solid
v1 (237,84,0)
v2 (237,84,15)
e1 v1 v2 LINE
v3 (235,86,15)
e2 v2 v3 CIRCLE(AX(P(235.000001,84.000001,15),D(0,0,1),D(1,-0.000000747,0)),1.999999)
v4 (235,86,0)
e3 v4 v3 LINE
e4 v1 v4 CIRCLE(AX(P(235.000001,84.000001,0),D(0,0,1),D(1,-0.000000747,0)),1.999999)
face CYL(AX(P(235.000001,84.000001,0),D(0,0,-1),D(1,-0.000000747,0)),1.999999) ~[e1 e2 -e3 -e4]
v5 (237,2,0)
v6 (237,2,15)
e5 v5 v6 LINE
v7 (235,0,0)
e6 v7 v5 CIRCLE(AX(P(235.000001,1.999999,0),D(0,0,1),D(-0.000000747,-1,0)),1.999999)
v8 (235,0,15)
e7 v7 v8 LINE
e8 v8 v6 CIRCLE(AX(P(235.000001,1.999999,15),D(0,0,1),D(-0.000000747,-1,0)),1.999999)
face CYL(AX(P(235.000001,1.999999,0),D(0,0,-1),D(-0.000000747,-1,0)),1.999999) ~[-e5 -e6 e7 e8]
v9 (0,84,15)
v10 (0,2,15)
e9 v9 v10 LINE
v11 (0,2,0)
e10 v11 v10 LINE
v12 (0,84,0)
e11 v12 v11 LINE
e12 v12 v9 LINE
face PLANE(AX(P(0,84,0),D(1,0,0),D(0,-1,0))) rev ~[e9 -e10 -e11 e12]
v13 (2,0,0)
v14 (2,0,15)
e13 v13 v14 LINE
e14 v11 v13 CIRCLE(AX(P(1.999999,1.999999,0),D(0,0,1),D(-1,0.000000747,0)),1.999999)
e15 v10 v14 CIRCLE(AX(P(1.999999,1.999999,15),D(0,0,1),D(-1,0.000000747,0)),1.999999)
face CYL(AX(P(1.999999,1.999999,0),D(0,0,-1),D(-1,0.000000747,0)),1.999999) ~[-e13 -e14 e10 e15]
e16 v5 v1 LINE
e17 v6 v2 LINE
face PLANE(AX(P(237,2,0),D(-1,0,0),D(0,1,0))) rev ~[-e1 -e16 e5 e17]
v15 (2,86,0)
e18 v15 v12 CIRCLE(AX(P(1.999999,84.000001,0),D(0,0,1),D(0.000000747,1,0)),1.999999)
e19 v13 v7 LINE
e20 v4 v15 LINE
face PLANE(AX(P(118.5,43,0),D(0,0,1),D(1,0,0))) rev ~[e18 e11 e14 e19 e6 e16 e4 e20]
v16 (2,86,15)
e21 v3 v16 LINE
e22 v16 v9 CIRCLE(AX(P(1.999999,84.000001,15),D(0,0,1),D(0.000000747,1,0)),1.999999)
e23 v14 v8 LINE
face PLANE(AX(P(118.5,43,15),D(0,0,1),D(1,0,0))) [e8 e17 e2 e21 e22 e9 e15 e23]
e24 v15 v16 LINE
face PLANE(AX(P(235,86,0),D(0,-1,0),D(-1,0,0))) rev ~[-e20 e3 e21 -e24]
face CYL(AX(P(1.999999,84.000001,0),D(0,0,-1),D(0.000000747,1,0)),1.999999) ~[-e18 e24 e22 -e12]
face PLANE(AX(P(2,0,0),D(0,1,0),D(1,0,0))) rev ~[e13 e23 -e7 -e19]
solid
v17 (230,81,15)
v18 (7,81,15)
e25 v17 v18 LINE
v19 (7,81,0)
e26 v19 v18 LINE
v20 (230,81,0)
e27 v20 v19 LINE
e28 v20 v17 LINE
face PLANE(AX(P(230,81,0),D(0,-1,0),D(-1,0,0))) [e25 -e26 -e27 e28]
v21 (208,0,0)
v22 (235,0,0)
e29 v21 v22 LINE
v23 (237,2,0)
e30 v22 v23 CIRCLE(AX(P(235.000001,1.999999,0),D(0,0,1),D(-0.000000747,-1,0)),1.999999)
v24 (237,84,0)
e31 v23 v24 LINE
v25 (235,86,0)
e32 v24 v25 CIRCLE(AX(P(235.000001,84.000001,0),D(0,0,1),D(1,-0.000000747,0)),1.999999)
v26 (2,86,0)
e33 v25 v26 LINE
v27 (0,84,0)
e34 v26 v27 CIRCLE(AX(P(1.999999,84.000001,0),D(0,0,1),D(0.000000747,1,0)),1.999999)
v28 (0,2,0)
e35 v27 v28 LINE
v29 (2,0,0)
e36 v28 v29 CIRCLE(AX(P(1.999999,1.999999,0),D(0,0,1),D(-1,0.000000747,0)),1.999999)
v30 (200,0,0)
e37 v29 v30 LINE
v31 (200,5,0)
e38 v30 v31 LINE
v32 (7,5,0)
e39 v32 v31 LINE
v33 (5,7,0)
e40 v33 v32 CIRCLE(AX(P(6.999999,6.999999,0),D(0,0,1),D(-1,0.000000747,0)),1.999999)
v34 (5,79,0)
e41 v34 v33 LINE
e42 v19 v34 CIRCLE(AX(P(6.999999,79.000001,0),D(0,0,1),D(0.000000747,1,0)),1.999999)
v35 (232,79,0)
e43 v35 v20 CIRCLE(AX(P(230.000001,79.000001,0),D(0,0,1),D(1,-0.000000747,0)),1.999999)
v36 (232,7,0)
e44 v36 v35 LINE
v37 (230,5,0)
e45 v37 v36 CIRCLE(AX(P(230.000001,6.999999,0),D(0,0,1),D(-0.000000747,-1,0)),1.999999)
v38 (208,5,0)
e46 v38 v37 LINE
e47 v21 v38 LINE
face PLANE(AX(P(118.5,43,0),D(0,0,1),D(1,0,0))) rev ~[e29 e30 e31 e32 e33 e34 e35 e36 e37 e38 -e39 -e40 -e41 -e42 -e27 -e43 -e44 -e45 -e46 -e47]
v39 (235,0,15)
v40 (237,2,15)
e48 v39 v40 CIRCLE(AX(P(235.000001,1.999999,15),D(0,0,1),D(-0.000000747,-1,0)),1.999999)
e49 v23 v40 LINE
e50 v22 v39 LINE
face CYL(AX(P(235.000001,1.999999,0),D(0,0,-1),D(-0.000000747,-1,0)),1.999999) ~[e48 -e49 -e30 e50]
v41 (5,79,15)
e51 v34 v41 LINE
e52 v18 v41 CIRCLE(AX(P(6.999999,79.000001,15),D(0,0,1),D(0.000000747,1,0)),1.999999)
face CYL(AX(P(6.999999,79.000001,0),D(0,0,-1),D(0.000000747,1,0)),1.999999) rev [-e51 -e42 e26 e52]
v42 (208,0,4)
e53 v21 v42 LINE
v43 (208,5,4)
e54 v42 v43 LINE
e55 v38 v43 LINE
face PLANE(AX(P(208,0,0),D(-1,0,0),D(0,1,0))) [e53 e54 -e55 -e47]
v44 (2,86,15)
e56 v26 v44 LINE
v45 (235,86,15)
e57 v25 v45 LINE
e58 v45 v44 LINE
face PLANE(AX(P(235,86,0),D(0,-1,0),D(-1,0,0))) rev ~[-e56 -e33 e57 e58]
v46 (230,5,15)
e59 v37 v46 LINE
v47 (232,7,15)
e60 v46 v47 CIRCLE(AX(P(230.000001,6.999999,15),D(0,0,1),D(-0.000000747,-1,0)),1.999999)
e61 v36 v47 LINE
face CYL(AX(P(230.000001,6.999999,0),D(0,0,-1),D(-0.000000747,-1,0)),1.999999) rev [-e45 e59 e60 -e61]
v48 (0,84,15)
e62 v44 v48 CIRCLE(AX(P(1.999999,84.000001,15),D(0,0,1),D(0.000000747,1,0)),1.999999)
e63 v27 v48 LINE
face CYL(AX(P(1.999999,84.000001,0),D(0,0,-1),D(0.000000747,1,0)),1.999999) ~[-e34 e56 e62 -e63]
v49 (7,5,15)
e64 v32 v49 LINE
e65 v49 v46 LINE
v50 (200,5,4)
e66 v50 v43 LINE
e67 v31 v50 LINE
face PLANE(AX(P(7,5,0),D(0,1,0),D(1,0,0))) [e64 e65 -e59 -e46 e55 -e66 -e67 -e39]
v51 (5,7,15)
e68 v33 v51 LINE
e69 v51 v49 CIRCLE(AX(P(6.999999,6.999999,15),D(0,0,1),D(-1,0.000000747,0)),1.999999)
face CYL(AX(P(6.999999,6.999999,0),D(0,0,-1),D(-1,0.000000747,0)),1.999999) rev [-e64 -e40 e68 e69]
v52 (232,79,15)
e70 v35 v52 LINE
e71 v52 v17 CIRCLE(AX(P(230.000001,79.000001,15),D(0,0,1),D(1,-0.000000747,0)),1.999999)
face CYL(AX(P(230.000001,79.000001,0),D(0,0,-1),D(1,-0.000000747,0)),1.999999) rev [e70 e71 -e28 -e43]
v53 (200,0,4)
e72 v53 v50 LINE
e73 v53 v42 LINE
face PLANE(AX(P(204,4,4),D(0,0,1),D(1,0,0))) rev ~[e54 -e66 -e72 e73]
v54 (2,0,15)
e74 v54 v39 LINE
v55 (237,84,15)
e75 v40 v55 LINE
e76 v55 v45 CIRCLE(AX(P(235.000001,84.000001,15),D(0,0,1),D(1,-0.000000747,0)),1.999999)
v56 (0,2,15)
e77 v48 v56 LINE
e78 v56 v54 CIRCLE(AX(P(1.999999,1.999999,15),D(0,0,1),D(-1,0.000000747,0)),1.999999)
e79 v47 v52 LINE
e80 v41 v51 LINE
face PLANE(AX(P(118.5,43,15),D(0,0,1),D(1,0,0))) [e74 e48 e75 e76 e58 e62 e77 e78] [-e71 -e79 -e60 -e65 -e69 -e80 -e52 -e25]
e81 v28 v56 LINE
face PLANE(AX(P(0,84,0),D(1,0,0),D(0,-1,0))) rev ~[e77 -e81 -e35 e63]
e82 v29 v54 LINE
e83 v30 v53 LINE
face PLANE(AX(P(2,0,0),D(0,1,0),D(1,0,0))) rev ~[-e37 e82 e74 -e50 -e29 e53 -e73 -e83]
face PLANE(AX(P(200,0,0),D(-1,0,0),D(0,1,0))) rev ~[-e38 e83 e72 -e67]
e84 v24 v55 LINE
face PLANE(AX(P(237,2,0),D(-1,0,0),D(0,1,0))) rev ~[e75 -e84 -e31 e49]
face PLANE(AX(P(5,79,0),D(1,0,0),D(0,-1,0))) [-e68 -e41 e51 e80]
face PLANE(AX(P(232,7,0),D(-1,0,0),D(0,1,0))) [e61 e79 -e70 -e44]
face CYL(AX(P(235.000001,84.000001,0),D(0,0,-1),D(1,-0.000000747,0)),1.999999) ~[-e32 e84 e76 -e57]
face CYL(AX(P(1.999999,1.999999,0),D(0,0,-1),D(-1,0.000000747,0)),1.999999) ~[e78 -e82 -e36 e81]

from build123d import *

# Parameters (mm, degrees)
EXTRUDE002_DEPTH = 15
BOX_W            = 8
BOX_H            = 8
BOX_DEPTH        = 4
EXTRUDE_DEPTH    = 15
EXTRUDE001_DEPTH = 15


with BuildPart() as extrude002:
    # Rectangle001 → Extrude002 (new body)
    with BuildSketch(Plane.XY):
        with BuildLine():
            Line((2, 0), (235, 0))
            ThreePointArc((235, 0), (236.414214, 0.585786), (237, 2))
            Line((237, 2), (237, 84))
            ThreePointArc((237, 84), (236.414214, 85.414214), (235, 86))
            Line((235, 86), (2, 86))
            ThreePointArc((2, 86), (0.585786, 85.414214), (0, 84))
            Line((0, 84), (0, 2))
            ThreePointArc((0, 2), (0.585786, 0.585786), (2, 0))
        make_face()
    extrude(amount=EXTRUDE002_DEPTH)


with BuildPart() as cube:
    # Box → Box (new body)
    with BuildSketch(Plane(origin=(200, 0, 0), x_dir=(1, 0, 0), z_dir=(0, 0, 1))):
        with Locations((4, 4)):
            Rectangle(BOX_W, BOX_H)
    extrude(amount=BOX_DEPTH)


with BuildPart() as extrude_body:
    # Rectangle → Extrude (new body)
    with BuildSketch(Plane(origin=(5, 5, 0), x_dir=(1, 0, 0), z_dir=(0, 0, 1))):
        with BuildLine():
            Line((2, 0), (225, 0))
            ThreePointArc((225, 0), (226.414214, 0.585786), (227, 2))
            Line((227, 2), (227, 74))
            ThreePointArc((227, 74), (226.414214, 75.414214), (225, 76))
            Line((225, 76), (2, 76))
            ThreePointArc((2, 76), (0.585786, 75.414214), (0, 74))
            Line((0, 74), (0, 2))
            ThreePointArc((0, 2), (0.585786, 0.585786), (2, 0))
        make_face()
    extrude(amount=EXTRUDE_DEPTH)


with BuildPart() as cut001:
    # Rectangle001 → Extrude001 (new body)
    with BuildSketch(Plane.XY):
        with BuildLine():
            Line((2, 0), (235, 0))
            ThreePointArc((235, 0), (236.414214, 0.585786), (237, 2))
            Line((237, 2), (237, 84))
            ThreePointArc((237, 84), (236.414214, 85.414214), (235, 86))
            Line((235, 86), (2, 86))
            ThreePointArc((2, 86), (0.585786, 85.414214), (0, 84))
            Line((0, 84), (0, 2))
            ThreePointArc((0, 2), (0.585786, 0.585786), (2, 0))
        make_face()
    extrude(amount=EXTRUDE001_DEPTH)

    # Cut: cut Extrude body
    add(extrude_body.part, mode=Mode.SUBTRACT)

    # Cut001: cut Cube
    add(cube.part, mode=Mode.SUBTRACT)


solid = Compound([extrude002.part, cut001.part])
